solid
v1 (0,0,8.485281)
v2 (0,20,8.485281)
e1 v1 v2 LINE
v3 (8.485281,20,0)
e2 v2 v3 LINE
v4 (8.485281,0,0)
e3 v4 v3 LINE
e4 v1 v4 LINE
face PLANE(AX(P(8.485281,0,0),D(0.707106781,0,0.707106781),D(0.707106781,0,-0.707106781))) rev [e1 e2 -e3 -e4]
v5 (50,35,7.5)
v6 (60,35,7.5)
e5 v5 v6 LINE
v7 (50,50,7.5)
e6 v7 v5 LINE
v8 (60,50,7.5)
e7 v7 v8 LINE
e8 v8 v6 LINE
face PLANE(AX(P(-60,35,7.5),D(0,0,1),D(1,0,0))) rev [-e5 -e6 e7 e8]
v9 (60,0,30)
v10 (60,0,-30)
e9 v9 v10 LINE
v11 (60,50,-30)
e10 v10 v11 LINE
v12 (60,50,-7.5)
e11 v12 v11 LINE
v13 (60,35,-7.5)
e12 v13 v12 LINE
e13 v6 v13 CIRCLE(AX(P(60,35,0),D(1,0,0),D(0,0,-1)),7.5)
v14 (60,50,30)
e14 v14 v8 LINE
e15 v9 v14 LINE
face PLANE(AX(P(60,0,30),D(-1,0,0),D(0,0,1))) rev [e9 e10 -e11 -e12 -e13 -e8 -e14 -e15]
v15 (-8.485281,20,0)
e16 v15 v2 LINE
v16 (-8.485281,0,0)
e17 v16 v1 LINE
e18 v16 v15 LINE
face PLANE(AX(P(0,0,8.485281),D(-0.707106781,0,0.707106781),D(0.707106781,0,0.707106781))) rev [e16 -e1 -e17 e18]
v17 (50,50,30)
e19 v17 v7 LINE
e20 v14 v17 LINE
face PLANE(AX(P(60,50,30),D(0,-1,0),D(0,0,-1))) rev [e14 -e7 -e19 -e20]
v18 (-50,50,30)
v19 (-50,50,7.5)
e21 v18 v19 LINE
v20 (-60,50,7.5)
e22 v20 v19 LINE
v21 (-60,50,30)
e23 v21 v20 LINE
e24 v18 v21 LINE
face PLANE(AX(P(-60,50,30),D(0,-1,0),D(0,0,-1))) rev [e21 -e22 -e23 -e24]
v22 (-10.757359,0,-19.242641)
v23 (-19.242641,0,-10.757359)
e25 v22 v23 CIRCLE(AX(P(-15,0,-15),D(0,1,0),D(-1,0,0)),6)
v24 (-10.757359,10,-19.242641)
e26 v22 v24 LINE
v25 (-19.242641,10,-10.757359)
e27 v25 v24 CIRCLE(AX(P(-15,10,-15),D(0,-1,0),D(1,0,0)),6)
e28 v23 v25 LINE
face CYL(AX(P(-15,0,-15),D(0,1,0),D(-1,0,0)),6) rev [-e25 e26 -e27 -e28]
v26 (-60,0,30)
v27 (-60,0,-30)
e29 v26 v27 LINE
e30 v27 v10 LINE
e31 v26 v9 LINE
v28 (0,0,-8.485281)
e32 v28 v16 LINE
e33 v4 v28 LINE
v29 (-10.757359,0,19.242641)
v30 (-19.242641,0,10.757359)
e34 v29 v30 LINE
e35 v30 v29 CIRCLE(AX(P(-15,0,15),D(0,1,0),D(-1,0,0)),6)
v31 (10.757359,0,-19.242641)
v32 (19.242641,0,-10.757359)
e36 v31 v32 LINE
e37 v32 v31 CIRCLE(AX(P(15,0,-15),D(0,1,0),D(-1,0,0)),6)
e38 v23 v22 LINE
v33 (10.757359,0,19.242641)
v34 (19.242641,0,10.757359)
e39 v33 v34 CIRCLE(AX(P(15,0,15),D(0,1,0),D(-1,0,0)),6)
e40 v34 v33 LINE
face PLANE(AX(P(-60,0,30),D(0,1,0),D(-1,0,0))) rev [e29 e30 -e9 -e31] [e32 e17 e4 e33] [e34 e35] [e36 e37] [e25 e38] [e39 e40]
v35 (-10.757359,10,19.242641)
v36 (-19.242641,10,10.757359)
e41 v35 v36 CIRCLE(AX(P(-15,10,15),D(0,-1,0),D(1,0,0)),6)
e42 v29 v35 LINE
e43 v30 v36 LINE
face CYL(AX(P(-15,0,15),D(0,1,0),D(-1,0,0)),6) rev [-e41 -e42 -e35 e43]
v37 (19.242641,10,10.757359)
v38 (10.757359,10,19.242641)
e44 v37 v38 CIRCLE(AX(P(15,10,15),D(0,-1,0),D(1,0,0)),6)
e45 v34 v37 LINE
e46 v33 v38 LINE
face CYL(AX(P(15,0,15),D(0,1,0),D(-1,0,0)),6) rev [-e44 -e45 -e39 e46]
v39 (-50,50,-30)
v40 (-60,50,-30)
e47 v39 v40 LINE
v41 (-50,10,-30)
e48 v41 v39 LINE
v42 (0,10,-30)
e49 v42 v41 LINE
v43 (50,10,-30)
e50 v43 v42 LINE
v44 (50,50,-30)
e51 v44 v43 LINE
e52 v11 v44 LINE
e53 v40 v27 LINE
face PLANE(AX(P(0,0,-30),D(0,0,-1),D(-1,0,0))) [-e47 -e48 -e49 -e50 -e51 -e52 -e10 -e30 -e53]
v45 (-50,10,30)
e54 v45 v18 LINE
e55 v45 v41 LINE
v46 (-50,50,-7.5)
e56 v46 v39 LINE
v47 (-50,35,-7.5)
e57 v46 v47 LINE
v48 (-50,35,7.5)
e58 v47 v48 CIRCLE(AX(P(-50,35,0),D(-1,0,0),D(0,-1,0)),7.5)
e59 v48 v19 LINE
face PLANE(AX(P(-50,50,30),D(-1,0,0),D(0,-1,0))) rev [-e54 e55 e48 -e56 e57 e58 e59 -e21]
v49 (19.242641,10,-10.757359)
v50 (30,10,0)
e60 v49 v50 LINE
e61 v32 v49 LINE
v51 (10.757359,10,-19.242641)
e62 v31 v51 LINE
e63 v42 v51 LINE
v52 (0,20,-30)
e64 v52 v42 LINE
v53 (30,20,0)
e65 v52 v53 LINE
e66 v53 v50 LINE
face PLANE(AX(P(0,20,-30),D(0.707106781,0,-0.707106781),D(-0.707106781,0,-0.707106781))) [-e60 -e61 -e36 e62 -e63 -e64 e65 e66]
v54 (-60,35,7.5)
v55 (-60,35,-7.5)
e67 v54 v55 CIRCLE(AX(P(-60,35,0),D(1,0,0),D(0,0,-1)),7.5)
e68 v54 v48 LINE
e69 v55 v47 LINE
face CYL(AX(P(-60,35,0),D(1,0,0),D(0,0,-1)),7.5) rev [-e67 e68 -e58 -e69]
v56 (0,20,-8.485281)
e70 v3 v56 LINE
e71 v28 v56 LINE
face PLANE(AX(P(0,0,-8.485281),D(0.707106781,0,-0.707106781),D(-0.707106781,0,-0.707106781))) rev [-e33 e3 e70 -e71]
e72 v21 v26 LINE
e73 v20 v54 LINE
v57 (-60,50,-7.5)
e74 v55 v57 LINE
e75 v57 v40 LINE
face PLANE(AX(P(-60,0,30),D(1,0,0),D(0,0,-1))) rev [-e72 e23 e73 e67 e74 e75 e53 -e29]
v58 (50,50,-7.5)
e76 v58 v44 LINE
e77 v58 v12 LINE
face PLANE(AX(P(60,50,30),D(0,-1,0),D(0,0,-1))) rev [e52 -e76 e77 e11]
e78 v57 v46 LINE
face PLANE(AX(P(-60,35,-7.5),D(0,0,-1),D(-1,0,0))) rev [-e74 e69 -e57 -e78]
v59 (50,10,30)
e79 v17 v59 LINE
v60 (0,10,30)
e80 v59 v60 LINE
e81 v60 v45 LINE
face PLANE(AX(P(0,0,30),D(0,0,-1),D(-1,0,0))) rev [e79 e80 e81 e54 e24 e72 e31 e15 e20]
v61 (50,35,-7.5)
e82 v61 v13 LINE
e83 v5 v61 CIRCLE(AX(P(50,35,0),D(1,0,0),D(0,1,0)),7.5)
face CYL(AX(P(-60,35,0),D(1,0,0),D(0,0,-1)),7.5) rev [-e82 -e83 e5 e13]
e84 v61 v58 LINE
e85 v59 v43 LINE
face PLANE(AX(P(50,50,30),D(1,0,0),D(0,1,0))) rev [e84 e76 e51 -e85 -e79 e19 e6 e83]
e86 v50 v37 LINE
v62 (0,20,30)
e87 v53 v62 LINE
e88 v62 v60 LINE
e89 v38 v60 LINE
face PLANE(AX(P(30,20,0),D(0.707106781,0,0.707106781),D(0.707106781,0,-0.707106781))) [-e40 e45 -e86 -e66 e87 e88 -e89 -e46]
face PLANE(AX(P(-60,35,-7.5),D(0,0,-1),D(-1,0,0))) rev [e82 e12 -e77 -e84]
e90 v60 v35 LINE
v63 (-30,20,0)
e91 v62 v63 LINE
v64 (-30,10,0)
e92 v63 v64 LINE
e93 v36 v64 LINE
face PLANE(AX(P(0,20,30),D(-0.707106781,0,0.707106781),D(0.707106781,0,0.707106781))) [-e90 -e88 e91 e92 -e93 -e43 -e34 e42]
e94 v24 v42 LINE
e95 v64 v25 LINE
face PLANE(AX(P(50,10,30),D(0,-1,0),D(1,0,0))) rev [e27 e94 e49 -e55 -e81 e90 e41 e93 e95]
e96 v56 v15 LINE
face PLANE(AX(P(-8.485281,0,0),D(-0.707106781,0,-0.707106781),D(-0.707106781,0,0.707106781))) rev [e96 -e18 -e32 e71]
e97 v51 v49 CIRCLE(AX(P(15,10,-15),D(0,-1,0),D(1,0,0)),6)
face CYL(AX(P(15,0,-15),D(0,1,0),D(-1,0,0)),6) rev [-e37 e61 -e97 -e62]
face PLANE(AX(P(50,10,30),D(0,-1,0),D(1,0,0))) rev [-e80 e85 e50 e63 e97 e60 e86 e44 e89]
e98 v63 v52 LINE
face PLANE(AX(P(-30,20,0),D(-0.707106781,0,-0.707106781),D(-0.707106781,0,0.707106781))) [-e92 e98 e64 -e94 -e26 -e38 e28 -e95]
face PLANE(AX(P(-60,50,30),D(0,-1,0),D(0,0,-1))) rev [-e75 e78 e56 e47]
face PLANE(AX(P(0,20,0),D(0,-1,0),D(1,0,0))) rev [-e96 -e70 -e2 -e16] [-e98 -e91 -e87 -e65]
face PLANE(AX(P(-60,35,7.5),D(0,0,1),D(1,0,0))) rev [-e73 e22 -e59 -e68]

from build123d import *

# Parameters (mm, degrees)
BOSS_EXTRUDE1_DEPTH = 30
CUT_EXTRUDE1_DEPTH  = 121
BOSS_EXTRUDE2_DEPTH = 10
CUT_EXTRUDE2_DEPTH  = 21
CUT_EXTRUDE3_DEPTH  = 21


with BuildPart() as part:
    # Sketch1 → Boss-Extrude1 (new body, symmetric)
    with BuildSketch(Plane.XY):
        Polygon((-60, 0), (60, 0), (60, 50), (50, 50), (50, 10), (-50, 10), (-50, 50), (-60, 50), align=None)
    extrude(amount=BOSS_EXTRUDE1_DEPTH, both=True)

    # Sketch2 → Cut-Extrude1 (cut, through all)
    with BuildSketch(Plane(origin=(60, 0, 0), x_dir=(0, 0, -1), z_dir=(1, 0, 0))):
        with BuildLine():
            Line((-7.5, 35), (-7.5, 50))
            Line((-7.5, 50), (7.5, 50))
            Line((7.5, 50), (7.5, 35))
            ThreePointArc((7.5, 35), (0, 27.5), (-7.5, 35))
        make_face()
    extrude(amount=-CUT_EXTRUDE1_DEPTH, mode=Mode.SUBTRACT)

    # Sketch3 → Boss-Extrude2 (add)
    with BuildSketch(Plane(origin=(0, 10, 0), x_dir=(1, 0, 0), z_dir=(0, 1, 0))):
        Polygon((0, 30), (30, 0), (0, -30), (-30, 0), align=None)
    extrude(amount=BOSS_EXTRUDE2_DEPTH)

    # Sketch4 → Cut-Extrude2 (cut, through all)
    with BuildSketch(Plane(origin=(0, 20, 0), x_dir=(1, 0, 0), z_dir=(0, 1, 0))):
        Polygon((0, 8.485281374), (8.485281374, 0), (0, -8.485281374), (-8.485281374, 0), align=None)
    extrude(amount=-CUT_EXTRUDE2_DEPTH, mode=Mode.SUBTRACT)

    # Sketch5 → Cut-Extrude3 (cut, through all)
    with BuildSketch(Plane(origin=(0, 20, 0), x_dir=(1, 0, 0), z_dir=(0, 1, 0))):
        with BuildLine():
            Line((10.757359313, 19.242640687), (19.242640687, 10.757359313))
            ThreePointArc((19.242640687, 10.757359313), (19.242640687, 19.242640687), (10.757359313, 19.242640687))
        make_face()
        with BuildLine():
            Line((19.242640687, -10.757359313), (10.757359313, -19.242640687))
            ThreePointArc((10.757359313, -19.242640687), (19.242640687, -19.242640687), (19.242640687, -10.757359313))
        make_face()
        with BuildLine():
            Line((-10.757359313, -19.242640687), (-19.242640687, -10.757359313))
            ThreePointArc((-19.242640687, -10.757359313), (-19.242640687, -19.242640687), (-10.757359313, -19.242640687))
        make_face()
        with BuildLine():
            Line((-19.242640687, 10.757359313), (-10.757359313, 19.242640687))
            ThreePointArc((-10.757359313, 19.242640687), (-19.242640687, 19.242640687), (-19.242640687, 10.757359313))
        make_face()
    extrude(amount=-CUT_EXTRUDE3_DEPTH, mode=Mode.SUBTRACT)


solid = part.part
